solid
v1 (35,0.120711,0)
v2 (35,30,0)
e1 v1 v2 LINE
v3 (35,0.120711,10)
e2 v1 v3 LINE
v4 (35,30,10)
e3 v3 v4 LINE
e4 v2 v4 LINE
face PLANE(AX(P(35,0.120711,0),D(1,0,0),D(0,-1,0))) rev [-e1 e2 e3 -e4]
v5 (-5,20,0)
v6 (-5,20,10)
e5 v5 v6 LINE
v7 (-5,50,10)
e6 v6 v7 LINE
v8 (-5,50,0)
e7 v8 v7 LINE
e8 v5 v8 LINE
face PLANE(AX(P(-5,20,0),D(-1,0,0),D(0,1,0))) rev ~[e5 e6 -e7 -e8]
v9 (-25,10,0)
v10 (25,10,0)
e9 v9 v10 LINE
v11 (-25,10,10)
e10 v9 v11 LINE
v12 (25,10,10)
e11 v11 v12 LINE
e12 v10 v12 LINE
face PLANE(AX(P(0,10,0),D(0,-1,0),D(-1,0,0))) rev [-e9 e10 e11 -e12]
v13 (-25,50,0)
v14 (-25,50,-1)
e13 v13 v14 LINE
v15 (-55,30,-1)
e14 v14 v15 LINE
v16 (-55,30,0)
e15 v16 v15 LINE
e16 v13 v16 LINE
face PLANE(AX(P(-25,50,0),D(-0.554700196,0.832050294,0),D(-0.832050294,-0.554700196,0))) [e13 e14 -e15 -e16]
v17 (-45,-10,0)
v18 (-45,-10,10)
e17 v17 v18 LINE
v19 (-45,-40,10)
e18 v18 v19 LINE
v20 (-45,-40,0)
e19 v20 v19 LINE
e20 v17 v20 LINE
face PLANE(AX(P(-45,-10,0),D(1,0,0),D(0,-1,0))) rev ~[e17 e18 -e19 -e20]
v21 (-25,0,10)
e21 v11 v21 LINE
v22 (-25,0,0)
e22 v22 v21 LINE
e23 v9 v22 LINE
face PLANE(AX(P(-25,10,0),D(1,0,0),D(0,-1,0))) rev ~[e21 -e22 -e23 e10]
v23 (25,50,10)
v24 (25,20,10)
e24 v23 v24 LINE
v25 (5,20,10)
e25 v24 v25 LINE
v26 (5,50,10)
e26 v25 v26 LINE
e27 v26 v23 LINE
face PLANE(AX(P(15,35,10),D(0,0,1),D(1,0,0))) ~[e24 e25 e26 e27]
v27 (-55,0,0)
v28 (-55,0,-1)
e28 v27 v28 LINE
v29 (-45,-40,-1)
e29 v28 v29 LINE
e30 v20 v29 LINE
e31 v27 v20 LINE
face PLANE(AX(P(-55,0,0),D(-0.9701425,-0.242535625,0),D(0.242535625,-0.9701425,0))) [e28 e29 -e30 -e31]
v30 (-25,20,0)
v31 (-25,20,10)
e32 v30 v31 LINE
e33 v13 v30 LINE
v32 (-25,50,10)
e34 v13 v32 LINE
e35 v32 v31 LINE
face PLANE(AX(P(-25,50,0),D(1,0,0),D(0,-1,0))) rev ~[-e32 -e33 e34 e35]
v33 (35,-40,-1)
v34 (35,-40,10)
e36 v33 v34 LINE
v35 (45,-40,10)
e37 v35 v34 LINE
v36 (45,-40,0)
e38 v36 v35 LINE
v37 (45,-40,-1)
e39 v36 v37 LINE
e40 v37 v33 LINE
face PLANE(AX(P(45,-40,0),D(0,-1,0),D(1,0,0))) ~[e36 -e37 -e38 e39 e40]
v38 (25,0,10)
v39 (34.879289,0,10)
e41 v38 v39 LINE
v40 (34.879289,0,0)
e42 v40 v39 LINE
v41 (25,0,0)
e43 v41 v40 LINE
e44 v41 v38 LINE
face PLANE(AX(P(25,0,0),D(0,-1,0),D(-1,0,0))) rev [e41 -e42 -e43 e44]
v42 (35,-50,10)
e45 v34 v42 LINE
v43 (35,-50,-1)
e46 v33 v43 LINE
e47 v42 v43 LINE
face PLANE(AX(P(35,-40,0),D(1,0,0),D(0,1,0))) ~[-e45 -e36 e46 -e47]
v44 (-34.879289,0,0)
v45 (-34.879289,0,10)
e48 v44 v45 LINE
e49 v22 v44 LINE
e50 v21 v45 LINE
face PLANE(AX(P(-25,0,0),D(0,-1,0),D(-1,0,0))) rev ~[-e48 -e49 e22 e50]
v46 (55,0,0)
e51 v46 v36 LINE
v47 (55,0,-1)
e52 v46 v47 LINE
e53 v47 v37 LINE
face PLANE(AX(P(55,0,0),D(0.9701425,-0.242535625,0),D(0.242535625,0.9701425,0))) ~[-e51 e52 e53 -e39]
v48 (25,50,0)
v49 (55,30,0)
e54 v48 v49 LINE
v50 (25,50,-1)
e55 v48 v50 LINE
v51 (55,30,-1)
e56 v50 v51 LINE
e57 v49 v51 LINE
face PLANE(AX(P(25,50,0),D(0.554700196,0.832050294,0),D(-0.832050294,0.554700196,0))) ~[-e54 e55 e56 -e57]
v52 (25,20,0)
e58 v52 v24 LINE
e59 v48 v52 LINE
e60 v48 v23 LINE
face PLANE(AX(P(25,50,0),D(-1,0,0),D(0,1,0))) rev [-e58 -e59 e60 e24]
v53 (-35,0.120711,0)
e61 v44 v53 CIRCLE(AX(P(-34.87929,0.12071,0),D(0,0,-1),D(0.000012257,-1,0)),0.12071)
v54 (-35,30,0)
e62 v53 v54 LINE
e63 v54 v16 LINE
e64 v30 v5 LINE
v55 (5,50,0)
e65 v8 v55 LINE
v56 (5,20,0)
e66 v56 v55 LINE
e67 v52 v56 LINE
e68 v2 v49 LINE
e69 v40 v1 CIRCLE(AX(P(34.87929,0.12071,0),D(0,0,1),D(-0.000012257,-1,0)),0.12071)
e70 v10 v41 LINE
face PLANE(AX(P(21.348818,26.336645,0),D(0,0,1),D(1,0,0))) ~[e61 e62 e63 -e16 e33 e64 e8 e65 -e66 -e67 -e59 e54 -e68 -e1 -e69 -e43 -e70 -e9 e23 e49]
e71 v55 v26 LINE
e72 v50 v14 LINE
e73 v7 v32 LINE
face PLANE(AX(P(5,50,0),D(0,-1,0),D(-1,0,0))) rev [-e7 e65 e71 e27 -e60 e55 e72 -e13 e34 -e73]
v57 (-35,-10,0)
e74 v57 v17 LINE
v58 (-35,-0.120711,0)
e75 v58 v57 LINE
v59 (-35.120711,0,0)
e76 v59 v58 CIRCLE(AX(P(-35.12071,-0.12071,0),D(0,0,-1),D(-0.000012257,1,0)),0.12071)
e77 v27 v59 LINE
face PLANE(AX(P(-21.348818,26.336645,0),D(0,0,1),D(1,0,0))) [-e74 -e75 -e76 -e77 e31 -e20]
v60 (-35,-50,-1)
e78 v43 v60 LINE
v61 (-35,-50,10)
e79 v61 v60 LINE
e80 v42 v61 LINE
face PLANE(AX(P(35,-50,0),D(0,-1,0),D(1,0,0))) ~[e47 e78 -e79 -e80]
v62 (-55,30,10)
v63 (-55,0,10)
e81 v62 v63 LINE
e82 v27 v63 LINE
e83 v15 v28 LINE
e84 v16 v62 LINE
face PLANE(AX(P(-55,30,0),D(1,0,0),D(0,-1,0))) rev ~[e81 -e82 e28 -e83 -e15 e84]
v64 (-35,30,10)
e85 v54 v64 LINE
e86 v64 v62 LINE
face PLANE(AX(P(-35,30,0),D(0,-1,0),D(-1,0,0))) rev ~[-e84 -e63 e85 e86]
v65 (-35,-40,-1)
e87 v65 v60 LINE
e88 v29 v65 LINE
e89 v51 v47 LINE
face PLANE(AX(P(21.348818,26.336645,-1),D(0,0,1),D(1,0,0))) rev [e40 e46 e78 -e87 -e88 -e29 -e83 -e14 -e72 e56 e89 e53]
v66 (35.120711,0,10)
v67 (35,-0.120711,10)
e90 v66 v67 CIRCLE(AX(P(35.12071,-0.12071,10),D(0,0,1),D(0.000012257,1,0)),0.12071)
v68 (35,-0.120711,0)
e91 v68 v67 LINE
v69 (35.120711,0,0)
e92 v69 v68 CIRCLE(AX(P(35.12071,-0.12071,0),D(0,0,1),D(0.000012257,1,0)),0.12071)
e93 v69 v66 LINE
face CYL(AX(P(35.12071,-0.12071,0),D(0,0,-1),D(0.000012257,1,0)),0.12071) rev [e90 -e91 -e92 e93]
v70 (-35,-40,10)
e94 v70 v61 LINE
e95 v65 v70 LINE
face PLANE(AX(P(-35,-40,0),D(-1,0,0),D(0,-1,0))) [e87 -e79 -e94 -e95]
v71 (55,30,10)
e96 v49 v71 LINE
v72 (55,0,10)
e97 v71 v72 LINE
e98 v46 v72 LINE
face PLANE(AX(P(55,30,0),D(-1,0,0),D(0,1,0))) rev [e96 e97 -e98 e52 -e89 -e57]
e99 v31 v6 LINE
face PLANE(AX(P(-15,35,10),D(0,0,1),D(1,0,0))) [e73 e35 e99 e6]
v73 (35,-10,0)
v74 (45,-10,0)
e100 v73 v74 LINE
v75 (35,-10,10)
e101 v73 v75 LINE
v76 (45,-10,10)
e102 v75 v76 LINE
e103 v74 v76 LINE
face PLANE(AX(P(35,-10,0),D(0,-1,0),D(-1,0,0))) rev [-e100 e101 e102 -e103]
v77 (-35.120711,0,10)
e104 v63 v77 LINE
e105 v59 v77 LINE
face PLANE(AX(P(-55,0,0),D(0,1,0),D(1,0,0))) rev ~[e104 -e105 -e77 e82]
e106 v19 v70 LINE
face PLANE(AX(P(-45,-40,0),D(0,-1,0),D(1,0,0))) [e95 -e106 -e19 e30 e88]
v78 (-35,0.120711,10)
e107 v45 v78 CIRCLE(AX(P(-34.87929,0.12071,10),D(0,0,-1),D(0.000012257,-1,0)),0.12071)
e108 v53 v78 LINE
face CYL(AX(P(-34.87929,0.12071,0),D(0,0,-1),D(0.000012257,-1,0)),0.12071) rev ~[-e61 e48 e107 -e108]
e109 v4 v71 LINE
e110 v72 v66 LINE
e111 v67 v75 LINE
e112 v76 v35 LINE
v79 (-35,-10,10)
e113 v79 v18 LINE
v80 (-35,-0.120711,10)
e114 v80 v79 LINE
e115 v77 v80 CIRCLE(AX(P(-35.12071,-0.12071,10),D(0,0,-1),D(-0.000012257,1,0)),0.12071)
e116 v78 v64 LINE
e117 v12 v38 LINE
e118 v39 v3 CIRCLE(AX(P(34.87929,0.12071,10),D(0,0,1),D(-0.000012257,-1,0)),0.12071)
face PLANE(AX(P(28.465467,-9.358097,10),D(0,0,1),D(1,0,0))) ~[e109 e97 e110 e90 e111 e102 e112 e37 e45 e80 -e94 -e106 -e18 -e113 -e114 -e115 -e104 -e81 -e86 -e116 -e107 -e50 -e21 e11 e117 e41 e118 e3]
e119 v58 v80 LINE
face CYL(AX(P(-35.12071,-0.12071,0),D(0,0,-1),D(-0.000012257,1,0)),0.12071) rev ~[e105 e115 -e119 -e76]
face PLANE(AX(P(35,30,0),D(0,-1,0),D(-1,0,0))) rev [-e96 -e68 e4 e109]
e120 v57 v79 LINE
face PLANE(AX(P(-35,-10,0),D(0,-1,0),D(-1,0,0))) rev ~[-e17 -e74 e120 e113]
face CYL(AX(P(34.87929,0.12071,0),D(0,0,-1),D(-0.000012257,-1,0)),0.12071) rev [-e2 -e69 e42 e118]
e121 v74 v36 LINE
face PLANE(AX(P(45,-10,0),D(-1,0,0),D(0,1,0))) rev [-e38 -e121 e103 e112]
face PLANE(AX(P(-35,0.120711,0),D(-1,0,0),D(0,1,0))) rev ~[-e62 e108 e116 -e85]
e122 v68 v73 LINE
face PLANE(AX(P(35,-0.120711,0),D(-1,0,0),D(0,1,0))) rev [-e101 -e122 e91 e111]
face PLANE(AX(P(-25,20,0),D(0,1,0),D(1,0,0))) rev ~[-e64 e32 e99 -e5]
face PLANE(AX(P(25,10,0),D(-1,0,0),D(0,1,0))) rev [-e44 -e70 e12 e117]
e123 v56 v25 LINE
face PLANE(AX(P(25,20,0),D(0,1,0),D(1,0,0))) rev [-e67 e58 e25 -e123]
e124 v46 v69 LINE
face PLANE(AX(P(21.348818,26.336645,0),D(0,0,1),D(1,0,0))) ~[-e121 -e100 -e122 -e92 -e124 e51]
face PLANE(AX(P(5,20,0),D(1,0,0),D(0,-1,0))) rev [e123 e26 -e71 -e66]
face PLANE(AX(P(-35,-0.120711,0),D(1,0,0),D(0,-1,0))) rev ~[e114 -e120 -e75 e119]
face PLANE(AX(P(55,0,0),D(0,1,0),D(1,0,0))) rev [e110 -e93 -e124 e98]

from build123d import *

# Parameters (mm, degrees)
F1_DEPTH = 1
F2_DEPTH = 10


with BuildPart() as f1:
    # F0 (on Top) → F1 (new body)
    with BuildSketch(Plane.XY):
        with BuildLine():
            Line((0, 10), (0, 50))
            Line((0, 50), (-5, 50))
            Line((-5, 50), (-5, 20))
            Line((-5, 20), (-15, 20))
            Line((-15, 20), (-25, 20))
            Line((-25, 20), (-25, 50))
            Line((-25, 50), (-55, 30))
            Line((-55, 30), (-35, 30))
            Line((-35, 30), (-35, 10))
            Line((-35, 10), (-35, 0.120711))
            ThreePointArc((-35, 0.120711), (-34.964645, 0.035355), (-34.879289, 0))
            Line((-34.879289, 0), (-25, 0))
            Line((-25, 0), (-25, 10))
            Line((-25, 10), (0, 10))
        make_face()
        Polygon((-5, 20), (-5, 50), (-25, 50), (-25, 20), (-15, 20), align=None)
        with BuildLine():
            Line((-35.120711, 0), (-55, 0))
            Line((-55, 0), (-45, -40))
            Line((-45, -40), (-45, -10))
            Line((-45, -10), (-35, -10))
            Line((-35, -10), (-35, -0.120711))
            ThreePointArc((-35, -0.120711), (-35.035355, -0.035355), (-35.120711, 0))
        make_face()
        with BuildLine():
            Line((0, -50), (0, 10))
            Line((0, 10), (-25, 10))
            Line((-25, 10), (-25, 0))
            Line((-25, 0), (-34.879289, 0))
            ThreePointArc((-34.879289, 0), (-34.964645, 0.035355), (-35, 0.120711))
            Line((-35, 0.120711), (-35, 10))
            Line((-35, 10), (-35, 30))
            Line((-35, 30), (-55, 30))
            Line((-55, 30), (-55, 0))
            Line((-55, 0), (-35.120711, 0))
            ThreePointArc((-35.120711, 0), (-35.035355, -0.035355), (-35, -0.120711))
            Line((-35, -0.120711), (-35, -10))
            Line((-35, -10), (-45, -10))
            Line((-45, -10), (-45, -40))
            Line((-45, -40), (-35, -40))
            Line((-35, -40), (-35, -50))
            Line((-35, -50), (0, -50))
        make_face()
    extrude(amount=-F1_DEPTH)

    # F0 (on Top) → F2 (join)
    with BuildSketch(Plane.XY):
        Polygon((-5, 20), (-5, 50), (-25, 50), (-25, 20), (-15, 20), align=None)
        with BuildLine():
            Line((0, -50), (0, 10))
            Line((0, 10), (-25, 10))
            Line((-25, 10), (-25, 0))
            Line((-25, 0), (-34.879289, 0))
            ThreePointArc((-34.879289, 0), (-34.964645, 0.035355), (-35, 0.120711))
            Line((-35, 0.120711), (-35, 10))
            Line((-35, 10), (-35, 30))
            Line((-35, 30), (-55, 30))
            Line((-55, 30), (-55, 0))
            Line((-55, 0), (-35.120711, 0))
            ThreePointArc((-35.120711, 0), (-35.035355, -0.035355), (-35, -0.120711))
            Line((-35, -0.120711), (-35, -10))
            Line((-35, -10), (-45, -10))
            Line((-45, -10), (-45, -40))
            Line((-45, -40), (-35, -40))
            Line((-35, -40), (-35, -50))
            Line((-35, -50), (0, -50))
        make_face()
    extrude(amount=F2_DEPTH)

    # F3: F1 across plane


with BuildPart() as f1_1:
    add(f1.part)
    add(f1.part.mirror(Plane.YZ))


solid = f1_1.part
